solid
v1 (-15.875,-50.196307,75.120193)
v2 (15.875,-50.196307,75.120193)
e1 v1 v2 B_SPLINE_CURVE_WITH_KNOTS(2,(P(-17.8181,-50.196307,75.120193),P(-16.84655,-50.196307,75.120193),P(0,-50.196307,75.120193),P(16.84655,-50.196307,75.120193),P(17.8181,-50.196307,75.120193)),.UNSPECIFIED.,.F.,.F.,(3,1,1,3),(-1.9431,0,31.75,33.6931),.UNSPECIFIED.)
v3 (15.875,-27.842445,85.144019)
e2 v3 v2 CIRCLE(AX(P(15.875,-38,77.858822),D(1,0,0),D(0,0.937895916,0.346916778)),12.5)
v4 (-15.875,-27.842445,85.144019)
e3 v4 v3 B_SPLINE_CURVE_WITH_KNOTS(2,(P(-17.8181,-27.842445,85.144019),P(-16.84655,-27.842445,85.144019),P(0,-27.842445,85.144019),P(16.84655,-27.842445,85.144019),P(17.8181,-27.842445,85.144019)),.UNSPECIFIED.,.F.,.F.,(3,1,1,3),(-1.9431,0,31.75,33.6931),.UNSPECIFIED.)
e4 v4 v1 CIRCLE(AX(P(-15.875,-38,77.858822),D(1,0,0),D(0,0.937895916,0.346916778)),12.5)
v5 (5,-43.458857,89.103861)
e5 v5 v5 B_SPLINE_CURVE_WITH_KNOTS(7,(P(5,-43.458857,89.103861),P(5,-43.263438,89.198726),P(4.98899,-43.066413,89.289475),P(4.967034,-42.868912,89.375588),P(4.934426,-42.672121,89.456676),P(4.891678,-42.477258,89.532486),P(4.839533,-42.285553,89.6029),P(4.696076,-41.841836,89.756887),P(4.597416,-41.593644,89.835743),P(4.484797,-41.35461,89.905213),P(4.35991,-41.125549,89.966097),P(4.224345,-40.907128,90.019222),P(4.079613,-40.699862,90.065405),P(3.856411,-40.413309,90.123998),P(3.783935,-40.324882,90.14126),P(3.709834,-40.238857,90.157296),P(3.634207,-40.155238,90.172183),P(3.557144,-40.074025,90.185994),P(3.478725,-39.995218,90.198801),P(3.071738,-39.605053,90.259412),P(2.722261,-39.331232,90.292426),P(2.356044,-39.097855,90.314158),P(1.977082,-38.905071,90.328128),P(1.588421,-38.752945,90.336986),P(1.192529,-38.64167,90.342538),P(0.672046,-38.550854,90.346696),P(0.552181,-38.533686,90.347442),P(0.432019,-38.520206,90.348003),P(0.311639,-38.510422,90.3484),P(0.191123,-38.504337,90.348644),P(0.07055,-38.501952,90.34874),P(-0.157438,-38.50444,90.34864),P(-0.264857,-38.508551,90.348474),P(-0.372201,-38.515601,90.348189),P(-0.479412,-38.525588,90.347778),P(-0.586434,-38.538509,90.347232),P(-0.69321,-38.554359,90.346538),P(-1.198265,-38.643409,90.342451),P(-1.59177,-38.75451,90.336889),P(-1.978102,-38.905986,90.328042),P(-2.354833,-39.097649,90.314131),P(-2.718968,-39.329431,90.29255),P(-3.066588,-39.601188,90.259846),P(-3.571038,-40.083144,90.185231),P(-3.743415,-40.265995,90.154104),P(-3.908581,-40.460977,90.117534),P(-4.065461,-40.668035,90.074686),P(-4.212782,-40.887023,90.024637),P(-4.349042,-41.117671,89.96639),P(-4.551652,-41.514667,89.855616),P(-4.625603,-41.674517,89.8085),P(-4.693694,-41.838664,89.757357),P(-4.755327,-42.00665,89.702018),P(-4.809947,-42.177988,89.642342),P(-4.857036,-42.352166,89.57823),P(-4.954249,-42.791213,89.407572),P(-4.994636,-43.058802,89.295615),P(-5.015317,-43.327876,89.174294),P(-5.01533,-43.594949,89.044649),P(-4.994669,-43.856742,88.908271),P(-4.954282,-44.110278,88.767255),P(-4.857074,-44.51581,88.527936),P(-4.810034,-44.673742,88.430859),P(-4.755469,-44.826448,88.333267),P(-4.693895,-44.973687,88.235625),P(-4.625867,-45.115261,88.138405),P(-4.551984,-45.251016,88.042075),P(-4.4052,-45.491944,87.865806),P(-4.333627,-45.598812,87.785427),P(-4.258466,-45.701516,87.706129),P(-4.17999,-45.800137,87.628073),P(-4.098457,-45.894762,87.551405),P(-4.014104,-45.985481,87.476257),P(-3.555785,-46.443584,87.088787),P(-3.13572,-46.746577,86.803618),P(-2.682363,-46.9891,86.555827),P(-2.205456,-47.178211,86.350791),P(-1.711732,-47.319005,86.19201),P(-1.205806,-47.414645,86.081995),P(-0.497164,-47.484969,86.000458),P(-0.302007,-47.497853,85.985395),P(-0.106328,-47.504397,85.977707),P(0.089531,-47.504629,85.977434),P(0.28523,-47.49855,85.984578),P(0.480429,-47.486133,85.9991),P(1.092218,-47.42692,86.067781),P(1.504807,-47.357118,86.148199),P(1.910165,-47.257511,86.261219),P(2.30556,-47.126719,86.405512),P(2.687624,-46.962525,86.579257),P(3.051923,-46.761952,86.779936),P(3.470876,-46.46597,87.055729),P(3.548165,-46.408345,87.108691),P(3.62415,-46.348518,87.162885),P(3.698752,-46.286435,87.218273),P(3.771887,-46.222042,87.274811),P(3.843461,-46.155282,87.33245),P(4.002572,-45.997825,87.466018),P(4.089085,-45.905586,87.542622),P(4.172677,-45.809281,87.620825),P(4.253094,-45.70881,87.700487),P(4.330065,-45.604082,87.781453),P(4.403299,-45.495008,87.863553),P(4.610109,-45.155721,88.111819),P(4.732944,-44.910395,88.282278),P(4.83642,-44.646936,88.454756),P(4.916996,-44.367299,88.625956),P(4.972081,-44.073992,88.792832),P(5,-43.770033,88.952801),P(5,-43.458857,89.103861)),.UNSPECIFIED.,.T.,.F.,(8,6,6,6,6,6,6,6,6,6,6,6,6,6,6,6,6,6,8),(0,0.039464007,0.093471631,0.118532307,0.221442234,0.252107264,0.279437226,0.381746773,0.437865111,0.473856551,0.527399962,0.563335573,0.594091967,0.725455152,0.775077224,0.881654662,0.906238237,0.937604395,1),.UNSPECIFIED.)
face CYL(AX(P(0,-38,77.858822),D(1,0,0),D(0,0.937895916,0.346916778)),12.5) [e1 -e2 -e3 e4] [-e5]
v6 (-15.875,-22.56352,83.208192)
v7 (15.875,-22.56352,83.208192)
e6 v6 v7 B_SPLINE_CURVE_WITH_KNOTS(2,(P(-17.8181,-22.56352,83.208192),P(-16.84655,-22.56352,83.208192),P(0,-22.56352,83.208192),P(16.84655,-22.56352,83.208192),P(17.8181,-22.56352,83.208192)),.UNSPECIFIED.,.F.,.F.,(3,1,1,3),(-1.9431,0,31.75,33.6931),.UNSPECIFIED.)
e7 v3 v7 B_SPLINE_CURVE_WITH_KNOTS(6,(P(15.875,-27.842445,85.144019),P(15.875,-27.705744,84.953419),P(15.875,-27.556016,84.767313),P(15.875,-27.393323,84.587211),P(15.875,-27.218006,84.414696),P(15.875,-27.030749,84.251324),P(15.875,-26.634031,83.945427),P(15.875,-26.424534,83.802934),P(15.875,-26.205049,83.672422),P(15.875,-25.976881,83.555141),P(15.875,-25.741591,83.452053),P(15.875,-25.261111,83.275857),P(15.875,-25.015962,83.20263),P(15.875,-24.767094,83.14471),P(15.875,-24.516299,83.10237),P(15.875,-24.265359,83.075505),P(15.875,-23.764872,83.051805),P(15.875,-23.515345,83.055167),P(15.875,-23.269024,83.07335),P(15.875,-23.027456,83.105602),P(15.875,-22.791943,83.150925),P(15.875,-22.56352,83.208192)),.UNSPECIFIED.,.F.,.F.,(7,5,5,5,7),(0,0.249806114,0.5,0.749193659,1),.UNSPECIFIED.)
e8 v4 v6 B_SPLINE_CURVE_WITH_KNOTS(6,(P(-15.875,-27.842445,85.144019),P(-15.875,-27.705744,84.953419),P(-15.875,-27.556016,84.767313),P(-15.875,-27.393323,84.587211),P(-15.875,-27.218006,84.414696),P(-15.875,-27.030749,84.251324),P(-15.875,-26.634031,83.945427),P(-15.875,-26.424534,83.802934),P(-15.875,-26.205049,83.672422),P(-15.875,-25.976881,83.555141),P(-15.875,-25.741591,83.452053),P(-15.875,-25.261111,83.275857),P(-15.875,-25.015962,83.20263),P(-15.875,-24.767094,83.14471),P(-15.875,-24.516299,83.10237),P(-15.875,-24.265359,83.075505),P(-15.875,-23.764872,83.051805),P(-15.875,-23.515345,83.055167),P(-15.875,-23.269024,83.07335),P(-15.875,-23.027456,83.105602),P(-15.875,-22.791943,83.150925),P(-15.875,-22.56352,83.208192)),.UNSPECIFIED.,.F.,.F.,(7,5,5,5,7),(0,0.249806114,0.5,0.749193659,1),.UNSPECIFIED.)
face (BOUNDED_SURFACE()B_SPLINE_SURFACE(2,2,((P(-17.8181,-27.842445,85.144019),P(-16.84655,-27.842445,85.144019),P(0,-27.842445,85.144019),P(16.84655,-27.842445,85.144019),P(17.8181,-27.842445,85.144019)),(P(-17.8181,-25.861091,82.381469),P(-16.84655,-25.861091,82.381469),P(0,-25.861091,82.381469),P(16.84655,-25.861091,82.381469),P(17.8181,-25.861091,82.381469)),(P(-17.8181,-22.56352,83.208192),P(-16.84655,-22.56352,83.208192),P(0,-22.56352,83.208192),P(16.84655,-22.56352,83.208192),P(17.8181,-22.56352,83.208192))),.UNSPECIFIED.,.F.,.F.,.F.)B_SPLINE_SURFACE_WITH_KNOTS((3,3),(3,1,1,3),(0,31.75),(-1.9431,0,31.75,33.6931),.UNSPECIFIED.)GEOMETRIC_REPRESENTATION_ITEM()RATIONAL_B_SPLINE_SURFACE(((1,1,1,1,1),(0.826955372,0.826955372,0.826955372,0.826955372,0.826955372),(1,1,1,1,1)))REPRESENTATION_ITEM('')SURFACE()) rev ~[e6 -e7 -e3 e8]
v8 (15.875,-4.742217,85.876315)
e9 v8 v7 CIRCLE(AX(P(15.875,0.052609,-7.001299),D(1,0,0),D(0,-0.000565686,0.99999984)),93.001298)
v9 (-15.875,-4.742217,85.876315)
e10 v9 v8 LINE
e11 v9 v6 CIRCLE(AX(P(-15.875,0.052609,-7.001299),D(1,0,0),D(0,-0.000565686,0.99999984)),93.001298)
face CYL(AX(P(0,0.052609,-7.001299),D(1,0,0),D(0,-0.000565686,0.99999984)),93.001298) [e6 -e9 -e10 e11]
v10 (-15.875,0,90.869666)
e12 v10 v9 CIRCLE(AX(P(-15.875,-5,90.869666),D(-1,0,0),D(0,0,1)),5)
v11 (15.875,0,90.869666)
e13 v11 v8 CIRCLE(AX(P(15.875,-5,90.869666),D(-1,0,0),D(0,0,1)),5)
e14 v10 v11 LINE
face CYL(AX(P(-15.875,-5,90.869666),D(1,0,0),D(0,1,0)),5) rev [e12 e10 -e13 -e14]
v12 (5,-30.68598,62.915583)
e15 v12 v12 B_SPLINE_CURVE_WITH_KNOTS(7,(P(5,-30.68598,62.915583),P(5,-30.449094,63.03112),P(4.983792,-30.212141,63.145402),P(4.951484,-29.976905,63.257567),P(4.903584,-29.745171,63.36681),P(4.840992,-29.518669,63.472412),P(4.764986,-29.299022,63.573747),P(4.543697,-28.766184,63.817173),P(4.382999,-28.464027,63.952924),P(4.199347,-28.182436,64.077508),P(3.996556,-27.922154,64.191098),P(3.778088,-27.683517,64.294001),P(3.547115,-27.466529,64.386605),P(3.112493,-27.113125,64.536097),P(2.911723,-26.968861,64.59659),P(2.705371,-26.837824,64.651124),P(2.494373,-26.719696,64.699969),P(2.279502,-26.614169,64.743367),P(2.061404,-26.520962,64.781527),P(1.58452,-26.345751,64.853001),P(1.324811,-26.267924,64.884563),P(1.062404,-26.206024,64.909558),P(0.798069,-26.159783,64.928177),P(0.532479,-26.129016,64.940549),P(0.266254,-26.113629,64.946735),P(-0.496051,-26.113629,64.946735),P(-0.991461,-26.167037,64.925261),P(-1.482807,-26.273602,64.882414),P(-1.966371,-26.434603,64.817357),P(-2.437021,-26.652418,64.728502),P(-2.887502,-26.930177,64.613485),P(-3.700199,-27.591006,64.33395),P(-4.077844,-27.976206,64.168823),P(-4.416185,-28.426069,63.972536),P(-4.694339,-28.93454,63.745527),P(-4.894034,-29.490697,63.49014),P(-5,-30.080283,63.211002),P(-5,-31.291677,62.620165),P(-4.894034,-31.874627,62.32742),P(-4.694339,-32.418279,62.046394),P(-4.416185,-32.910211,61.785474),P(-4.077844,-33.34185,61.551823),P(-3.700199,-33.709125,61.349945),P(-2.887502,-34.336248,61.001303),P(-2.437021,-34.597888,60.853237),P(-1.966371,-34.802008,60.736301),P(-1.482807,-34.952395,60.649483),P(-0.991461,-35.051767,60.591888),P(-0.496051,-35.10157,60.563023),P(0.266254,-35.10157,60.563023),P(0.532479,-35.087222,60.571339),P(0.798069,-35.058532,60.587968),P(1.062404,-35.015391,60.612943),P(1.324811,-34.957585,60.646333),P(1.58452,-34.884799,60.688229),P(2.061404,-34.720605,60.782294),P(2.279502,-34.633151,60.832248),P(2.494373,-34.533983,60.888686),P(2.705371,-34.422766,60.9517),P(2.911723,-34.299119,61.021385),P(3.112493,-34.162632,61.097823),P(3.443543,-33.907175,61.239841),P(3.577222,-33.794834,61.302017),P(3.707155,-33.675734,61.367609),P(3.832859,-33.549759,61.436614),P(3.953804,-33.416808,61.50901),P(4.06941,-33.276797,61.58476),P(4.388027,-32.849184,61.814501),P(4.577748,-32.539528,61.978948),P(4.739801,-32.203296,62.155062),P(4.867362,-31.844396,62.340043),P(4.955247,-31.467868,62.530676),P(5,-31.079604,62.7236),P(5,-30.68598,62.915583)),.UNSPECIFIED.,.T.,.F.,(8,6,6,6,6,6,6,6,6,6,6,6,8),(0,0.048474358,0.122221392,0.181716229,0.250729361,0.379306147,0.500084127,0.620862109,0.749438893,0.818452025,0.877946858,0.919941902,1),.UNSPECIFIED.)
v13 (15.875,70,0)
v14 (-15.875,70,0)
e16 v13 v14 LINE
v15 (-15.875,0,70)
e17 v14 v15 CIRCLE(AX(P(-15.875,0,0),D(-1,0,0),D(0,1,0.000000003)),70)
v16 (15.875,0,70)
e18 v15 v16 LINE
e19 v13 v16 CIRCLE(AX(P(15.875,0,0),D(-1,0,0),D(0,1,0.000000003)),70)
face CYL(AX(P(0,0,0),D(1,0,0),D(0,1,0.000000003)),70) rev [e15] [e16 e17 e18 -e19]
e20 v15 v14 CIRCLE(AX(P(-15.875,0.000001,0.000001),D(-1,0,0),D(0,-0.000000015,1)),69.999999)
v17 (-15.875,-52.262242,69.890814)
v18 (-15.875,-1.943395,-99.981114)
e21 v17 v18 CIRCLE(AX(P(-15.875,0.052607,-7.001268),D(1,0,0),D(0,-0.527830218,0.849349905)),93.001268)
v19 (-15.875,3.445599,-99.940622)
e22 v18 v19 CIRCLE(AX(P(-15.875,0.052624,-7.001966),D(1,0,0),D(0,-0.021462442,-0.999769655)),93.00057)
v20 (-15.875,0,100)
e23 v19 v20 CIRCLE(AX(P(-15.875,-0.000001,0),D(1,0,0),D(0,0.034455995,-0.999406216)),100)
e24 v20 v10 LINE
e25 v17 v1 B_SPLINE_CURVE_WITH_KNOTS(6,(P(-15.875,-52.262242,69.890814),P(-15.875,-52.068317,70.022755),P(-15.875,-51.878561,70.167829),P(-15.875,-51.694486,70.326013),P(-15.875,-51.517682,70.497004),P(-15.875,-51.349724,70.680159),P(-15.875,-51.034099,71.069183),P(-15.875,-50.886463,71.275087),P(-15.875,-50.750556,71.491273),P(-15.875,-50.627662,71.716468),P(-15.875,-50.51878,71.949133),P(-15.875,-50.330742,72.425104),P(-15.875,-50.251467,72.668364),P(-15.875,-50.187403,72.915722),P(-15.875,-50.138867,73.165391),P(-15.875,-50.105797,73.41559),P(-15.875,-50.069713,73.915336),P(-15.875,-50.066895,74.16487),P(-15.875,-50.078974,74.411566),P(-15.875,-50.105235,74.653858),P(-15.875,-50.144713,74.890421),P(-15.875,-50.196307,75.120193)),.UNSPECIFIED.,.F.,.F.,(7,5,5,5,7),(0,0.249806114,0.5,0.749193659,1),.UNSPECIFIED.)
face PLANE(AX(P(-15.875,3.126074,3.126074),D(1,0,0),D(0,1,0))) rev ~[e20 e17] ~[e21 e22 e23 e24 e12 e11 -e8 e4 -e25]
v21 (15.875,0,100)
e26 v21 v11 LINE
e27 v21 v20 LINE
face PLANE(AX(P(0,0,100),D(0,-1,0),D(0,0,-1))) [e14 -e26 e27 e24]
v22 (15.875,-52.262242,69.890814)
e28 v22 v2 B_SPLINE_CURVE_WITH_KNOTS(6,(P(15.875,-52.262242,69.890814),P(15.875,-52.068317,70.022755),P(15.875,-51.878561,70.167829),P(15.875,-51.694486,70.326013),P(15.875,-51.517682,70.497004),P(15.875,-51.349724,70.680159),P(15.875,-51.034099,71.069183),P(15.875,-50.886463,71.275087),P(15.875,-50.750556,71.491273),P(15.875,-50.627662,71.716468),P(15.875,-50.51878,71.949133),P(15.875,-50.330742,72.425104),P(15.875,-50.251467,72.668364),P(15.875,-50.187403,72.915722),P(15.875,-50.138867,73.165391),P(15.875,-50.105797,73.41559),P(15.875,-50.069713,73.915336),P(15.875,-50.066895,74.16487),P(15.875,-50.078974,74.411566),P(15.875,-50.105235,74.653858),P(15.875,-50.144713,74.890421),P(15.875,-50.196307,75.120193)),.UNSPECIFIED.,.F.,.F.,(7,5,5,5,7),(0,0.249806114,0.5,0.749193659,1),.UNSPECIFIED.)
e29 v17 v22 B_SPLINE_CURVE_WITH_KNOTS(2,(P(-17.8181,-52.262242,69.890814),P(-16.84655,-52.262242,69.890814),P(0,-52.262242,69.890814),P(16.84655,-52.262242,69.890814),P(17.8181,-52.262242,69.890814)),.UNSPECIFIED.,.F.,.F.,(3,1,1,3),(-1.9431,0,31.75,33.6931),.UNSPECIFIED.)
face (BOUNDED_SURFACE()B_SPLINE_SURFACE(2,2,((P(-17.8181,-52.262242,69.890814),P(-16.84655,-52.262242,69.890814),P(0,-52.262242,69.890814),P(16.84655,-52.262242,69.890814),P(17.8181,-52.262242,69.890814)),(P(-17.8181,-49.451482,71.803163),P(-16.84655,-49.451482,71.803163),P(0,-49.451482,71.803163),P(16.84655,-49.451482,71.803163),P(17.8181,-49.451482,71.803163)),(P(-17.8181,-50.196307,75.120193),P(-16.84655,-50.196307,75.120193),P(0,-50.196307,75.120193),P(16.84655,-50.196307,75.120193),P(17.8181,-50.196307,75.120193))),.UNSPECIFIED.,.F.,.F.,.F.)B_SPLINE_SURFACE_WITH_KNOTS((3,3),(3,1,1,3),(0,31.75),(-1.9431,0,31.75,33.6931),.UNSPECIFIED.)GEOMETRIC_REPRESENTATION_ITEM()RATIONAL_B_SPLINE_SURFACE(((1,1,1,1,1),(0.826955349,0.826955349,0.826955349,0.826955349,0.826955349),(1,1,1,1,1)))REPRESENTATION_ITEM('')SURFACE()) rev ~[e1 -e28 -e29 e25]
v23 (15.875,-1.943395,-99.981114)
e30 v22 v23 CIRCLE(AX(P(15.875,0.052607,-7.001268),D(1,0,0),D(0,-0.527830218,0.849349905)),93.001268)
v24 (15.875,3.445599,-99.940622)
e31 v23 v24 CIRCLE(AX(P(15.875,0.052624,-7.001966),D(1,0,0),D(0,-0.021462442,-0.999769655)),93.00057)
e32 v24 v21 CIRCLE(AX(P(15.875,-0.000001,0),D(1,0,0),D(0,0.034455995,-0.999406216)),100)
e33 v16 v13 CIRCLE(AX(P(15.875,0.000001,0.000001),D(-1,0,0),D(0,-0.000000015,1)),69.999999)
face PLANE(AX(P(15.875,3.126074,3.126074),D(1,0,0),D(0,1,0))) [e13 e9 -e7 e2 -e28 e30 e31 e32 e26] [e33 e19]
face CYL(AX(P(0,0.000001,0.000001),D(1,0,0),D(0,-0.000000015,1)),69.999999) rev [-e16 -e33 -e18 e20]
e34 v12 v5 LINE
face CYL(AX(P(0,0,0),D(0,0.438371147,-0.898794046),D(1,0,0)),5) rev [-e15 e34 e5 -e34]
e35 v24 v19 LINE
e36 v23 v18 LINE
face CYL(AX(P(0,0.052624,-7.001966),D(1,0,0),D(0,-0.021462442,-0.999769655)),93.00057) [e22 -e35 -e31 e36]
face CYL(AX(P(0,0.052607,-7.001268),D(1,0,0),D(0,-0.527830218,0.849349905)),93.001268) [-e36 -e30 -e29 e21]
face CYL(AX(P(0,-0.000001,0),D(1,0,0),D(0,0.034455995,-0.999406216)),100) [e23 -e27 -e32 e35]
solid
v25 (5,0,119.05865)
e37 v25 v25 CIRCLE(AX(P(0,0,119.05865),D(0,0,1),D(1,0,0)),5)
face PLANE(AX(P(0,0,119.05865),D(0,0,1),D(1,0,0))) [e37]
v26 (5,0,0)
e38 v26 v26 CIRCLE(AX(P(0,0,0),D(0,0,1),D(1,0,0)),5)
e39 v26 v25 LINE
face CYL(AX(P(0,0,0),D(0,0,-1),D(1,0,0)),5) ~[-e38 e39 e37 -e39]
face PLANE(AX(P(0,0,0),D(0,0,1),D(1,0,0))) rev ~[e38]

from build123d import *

# Parameters (mm, degrees)
F1_DEPTH = 15.875
F2_R     = 5
F3_R     = 5
F4_DEPTH = 119.05865
F6_COUNT = 2
F6_ANGLE = 26


with BuildPart() as f1:
    # F0 (on Right) → F1 (new body, symmetric)
    with BuildSketch(Plane.YZ):
        with BuildLine():
            ThreePointArc((0, 70), (-49.497475, -49.497475), (70, 0))
            ThreePointArc((70, 0), (49.497475, 49.497475), (0, 70))
        make_face()
        with BuildLine():
            Line((0, 100), (0, 85.999985))
            ThreePointArc((0, 85.999985), (-13.274622, 85.04014), (-26.276301, 82.195282))
            ThreePointArc((-26.276301, 82.195282), (-43.114528, 89.264593), (-49.036272, 71.98935))
            ThreePointArc((-49.036272, 71.98935), (-89.646202, -31.564643), (-1.943395, -99.981114))
            ThreePointArc((-1.943395, -99.981114), (0.751375, -99.997177), (3.445599, -99.940622))
            ThreePointArc((3.445599, -99.940622), (99.985154, 1.723055), (0, 100))
        make_face()
        with BuildLine():
            ThreePointArc((0, 70), (49.497475, 49.497475), (70, 0))
            ThreePointArc((70, 0), (-49.497475, -49.497475), (0, 70))
        make_face(mode=Mode.SUBTRACT)
        with BuildLine():
            ThreePointArc((-1.943395, -99.981114), (0.751396, -99.999911), (3.445599, -99.940622))
            ThreePointArc((3.445599, -99.940622), (0.751375, -99.997177), (-1.943395, -99.981114))
        make_face()
    extrude(amount=F1_DEPTH, both=True)

    # F2
    f2_edges = [f1.edges().sort_by_distance(p)[0] for p in [
        (0, -26.276301, 82.195282),
        (0, -49.036272, 71.98935),
        (0, 0, 85.999985),
    ]]
    fillet(f2_edges, radius=F2_R)


with BuildPart() as f4:
    # F3 (on Top) → F4 (new body)
    with BuildSketch(Plane.XY):
        Circle(F3_R)
    extrude(amount=F4_DEPTH)


with BuildPart() as f6_1:
    # F6: instance of F4
    add(f4.part.rotate(Axis((7.795472, 0, 0), (1, 0, 0)), 1 * F6_ANGLE / (F6_COUNT - 1)))


with BuildPart() as f1_1:
    add(f1.part)

    # F7: cut F6_1
    add(f6_1.part, mode=Mode.SUBTRACT)


solid = Compound([f4.part, f1_1.part])
